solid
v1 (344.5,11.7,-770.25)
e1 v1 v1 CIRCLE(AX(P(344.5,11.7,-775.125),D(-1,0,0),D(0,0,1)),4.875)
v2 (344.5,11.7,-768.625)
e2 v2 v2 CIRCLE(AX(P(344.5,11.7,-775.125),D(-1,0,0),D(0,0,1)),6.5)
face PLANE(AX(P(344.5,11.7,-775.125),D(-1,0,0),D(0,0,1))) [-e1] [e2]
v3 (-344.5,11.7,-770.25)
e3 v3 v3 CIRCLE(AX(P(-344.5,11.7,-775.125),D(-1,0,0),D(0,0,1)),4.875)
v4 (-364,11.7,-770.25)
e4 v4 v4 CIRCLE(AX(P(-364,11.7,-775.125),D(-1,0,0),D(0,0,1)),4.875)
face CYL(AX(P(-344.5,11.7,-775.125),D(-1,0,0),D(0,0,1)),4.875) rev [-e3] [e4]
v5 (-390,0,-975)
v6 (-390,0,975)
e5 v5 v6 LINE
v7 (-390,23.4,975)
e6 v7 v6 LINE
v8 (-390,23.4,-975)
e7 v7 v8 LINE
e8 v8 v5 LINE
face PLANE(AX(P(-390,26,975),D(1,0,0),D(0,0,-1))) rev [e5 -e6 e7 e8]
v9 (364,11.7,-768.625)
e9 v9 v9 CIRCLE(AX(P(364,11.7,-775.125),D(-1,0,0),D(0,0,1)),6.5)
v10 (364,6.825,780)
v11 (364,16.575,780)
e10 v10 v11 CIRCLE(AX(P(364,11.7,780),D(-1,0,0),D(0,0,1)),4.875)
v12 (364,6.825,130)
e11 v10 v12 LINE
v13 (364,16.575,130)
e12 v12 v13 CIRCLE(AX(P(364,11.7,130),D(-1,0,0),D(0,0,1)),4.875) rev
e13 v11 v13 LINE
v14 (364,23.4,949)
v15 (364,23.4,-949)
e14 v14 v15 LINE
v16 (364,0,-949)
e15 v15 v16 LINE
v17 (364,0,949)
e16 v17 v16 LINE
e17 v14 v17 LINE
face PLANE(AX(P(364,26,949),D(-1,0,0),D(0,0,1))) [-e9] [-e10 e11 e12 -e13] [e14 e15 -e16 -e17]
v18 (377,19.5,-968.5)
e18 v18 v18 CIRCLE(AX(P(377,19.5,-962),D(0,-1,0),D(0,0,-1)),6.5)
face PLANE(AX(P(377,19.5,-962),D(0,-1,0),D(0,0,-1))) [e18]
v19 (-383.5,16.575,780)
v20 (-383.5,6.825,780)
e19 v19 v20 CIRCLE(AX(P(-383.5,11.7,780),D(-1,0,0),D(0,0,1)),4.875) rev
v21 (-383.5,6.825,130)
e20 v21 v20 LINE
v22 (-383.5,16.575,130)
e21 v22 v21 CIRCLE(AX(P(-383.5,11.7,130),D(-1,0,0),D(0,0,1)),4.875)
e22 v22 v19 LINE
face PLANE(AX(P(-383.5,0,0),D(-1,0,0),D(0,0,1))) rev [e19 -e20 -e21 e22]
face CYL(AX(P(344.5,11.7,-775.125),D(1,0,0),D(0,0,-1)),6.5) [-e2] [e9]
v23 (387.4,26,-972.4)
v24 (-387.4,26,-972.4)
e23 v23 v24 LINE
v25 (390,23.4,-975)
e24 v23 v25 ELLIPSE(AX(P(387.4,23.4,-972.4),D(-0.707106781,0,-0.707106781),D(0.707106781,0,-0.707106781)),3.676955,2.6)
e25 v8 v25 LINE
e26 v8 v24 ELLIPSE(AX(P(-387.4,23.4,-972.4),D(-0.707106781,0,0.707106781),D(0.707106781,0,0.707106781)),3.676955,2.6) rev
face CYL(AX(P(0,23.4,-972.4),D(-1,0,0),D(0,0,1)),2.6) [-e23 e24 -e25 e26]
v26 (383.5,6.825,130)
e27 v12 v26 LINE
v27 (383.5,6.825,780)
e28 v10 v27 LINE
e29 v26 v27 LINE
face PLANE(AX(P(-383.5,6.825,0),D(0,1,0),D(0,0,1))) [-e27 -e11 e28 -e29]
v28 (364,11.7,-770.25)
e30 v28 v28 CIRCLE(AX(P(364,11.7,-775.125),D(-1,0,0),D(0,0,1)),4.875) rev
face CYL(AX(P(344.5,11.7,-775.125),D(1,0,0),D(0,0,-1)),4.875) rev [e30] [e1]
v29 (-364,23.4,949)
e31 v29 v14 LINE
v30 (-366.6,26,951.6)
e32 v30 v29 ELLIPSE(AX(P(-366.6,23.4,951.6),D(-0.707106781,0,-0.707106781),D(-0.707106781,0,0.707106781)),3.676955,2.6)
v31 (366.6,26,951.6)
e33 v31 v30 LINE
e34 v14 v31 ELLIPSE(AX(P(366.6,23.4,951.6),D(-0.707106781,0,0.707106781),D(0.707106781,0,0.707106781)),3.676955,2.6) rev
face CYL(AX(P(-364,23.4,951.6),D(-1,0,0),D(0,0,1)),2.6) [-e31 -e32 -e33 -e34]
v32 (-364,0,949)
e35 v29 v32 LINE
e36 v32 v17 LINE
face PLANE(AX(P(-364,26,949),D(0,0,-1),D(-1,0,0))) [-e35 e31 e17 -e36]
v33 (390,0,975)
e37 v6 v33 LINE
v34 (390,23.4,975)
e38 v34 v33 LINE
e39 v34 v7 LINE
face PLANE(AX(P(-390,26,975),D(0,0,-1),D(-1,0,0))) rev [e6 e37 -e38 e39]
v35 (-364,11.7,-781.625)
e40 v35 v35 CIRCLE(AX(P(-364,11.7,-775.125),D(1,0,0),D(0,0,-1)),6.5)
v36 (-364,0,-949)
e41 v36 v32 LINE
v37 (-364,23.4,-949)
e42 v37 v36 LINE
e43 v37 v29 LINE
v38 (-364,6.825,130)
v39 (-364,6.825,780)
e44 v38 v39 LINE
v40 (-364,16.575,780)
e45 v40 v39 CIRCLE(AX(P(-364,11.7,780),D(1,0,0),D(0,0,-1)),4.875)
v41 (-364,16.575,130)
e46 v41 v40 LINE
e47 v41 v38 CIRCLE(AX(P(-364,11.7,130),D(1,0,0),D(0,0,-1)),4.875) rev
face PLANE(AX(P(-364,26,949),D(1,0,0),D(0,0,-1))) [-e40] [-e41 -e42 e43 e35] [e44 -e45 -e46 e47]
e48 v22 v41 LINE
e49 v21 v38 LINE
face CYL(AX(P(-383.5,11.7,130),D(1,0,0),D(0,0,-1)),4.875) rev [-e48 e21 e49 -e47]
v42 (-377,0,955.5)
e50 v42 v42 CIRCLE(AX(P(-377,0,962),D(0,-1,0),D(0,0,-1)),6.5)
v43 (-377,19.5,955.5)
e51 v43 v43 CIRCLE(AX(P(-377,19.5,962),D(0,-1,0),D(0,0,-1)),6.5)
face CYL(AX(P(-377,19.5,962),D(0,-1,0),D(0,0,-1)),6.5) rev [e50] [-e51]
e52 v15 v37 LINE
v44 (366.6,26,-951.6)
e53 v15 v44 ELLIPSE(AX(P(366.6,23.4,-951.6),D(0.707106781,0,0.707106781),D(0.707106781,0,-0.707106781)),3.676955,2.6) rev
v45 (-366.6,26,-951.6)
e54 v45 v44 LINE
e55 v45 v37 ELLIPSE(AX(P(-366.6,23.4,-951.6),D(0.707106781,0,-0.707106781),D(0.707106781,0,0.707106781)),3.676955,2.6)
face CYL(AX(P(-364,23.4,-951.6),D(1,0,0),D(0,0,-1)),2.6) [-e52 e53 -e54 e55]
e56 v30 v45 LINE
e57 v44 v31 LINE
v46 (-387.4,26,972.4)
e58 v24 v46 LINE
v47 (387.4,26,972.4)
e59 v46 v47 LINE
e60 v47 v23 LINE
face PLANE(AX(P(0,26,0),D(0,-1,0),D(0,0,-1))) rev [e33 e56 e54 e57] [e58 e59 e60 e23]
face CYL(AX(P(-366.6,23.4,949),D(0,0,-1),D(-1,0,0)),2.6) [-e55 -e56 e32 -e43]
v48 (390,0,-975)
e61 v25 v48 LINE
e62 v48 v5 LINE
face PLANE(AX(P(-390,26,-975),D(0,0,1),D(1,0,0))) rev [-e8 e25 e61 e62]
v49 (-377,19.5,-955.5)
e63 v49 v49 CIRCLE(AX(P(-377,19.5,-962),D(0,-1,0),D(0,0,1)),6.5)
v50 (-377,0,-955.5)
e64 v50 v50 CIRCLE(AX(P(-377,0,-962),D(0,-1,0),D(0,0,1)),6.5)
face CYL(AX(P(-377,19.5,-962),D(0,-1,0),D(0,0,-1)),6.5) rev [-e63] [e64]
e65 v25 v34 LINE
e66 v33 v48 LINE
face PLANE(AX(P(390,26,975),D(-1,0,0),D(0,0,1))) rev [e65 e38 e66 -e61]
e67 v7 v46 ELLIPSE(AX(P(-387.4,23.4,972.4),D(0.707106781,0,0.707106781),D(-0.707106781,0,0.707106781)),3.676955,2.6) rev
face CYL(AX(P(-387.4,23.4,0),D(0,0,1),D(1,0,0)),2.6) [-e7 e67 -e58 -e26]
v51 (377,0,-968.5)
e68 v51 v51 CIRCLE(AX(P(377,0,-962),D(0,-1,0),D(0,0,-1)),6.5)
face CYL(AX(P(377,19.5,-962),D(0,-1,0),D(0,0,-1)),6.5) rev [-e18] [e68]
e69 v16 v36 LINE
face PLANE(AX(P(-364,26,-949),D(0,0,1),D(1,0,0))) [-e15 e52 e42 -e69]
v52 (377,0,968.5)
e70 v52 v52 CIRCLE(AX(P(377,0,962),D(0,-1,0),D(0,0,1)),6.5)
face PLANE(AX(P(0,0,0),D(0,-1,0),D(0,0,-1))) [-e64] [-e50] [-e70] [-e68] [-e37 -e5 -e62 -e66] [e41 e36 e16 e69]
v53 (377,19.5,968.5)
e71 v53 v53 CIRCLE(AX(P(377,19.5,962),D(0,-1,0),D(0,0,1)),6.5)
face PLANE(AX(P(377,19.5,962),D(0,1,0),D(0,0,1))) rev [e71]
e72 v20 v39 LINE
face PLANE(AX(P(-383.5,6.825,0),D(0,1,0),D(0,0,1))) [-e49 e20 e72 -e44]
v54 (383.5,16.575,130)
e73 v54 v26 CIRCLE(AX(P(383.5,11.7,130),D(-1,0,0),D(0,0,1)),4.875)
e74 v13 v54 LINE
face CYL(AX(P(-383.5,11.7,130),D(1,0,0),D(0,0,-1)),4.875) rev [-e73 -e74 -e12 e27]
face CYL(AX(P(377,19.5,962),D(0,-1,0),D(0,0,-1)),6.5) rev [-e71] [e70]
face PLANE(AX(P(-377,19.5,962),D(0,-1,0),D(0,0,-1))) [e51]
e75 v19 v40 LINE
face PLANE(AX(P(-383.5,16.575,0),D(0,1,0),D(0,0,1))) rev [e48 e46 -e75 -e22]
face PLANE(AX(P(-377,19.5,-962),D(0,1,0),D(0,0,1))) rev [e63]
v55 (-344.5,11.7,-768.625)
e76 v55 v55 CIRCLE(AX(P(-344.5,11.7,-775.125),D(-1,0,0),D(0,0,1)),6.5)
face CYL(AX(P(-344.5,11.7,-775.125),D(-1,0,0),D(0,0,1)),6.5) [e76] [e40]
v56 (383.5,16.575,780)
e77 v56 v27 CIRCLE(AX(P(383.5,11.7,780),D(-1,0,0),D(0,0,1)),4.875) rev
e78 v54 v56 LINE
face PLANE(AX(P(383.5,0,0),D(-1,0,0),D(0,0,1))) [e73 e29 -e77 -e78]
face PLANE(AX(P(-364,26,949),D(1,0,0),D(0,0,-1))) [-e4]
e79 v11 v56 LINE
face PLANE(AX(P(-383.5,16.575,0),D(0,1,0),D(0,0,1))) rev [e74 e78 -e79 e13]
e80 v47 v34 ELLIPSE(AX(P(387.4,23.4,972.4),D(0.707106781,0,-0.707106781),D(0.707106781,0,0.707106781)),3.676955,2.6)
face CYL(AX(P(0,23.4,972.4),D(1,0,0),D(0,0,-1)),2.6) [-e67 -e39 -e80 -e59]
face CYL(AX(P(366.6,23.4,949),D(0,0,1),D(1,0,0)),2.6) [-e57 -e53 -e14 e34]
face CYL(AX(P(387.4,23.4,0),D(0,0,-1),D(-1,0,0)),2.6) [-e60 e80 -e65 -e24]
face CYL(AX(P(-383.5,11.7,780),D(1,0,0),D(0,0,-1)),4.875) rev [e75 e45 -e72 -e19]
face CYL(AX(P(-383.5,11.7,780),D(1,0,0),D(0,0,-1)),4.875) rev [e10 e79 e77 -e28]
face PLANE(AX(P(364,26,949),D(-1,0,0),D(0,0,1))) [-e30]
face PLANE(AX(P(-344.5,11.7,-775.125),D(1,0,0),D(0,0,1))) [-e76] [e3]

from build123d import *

# Parameters (mm, degrees)
CROQUIS1_W                 = 600
CROQUIS1_H                 = 1500
CROQUIS1_W_2               = 560
CROQUIS1_H_2               = 1460
SALIENTE_EXTRUIR1_DEPTH    = 20
CROQUIS2_R                 = 5
CORTAR_EXTRUIR1_DEPTH      = 15
REDONDEO1_R                = 2
CORTAR_EXTRUIR2_DEPTH      = 575
CORTAR_EXTRUIR2_DEPTH_BACK = 15
CROQUIS5_R                 = 5
CROQUIS5_R_2               = 3.75
SALIENTE_EXTRUIR2_DEPTH    = 15
ESCALA1_SCALE              = 1.3


with BuildPart() as part:
    # Croquis1 → Saliente-Extruir1 (new body)
    with BuildSketch(Plane(origin=(0, 0, 0), x_dir=(1, 0, 0), z_dir=(0, 1, 0))):
        Rectangle(CROQUIS1_W, CROQUIS1_H)
        Rectangle(CROQUIS1_W_2, CROQUIS1_H_2, mode=Mode.SUBTRACT)
    extrude(amount=SALIENTE_EXTRUIR1_DEPTH)

    # Croquis2 → Cortar-Extruir1 (cut)
    with BuildSketch(Plane.XZ):
        with Locations((-290, 740)):
            Circle(CROQUIS2_R)
        with Locations((290, 740)):
            Circle(CROQUIS2_R)
        with Locations((290, -740)):
            Circle(CROQUIS2_R)
        with Locations((-290, -740)):
            Circle(CROQUIS2_R)
    extrude(amount=-CORTAR_EXTRUIR1_DEPTH, mode=Mode.SUBTRACT)

    # Redondeo1
    redondeo1_edges = [part.edges().sort_by_distance(p)[0] for p in [
        (-300, 20, 0),
        (280, 20, 0),
        (0, 20, 750),
        (0, 20, -730),
        (-280, 20, 0),
        (0, 20, 730),
        (300, 20, 0),
        (0, 20, -750),
    ]]
    fillet(redondeo1_edges, radius=REDONDEO1_R)

    # Croquis4 → Cortar-Extruir2 (cut, two sides)
    with BuildSketch(Plane.ZY.offset(-280)) as cortar_extruir2_sk:
        with BuildLine():
            Line((600, 12.75), (100, 12.75))
            Line((100, 12.75), (100, 5.25))
            Line((100, 5.25), (600, 5.25))
            ThreePointArc((600, 5.25), (603.75, 9), (600, 12.75))
        make_face()
        with BuildLine():
            Line((100, 5.25), (100, 12.75))
            ThreePointArc((100, 12.75), (96.25, 9), (100, 5.25))
        make_face()
    extrude(amount=CORTAR_EXTRUIR2_DEPTH, mode=Mode.SUBTRACT)
    extrude(cortar_extruir2_sk.sketch, amount=-CORTAR_EXTRUIR2_DEPTH_BACK, mode=Mode.SUBTRACT)

    # Croquis5 → Saliente-Extruir2 (add)
    with BuildSketch(Plane.ZY.offset(-280)):
        with Locations((-596.25, 9)):
            Circle(CROQUIS5_R)
        with Locations((-596.25, 9)):
            Circle(CROQUIS5_R_2, mode=Mode.SUBTRACT)
    saliente_extruir2 = extrude(amount=SALIENTE_EXTRUIR2_DEPTH)

    # Simetría1: Saliente-Extruir2 across plane
    add(saliente_extruir2.mirror(Plane(origin=(0, 0, 0), x_dir=(0, 0, 1), z_dir=(1, 0, 0))))


with BuildPart() as part_1:
    # Escala1: scaled about (0, 0, 0)
    add(part.part.scale(ESCALA1_SCALE))


solid = part_1.part
